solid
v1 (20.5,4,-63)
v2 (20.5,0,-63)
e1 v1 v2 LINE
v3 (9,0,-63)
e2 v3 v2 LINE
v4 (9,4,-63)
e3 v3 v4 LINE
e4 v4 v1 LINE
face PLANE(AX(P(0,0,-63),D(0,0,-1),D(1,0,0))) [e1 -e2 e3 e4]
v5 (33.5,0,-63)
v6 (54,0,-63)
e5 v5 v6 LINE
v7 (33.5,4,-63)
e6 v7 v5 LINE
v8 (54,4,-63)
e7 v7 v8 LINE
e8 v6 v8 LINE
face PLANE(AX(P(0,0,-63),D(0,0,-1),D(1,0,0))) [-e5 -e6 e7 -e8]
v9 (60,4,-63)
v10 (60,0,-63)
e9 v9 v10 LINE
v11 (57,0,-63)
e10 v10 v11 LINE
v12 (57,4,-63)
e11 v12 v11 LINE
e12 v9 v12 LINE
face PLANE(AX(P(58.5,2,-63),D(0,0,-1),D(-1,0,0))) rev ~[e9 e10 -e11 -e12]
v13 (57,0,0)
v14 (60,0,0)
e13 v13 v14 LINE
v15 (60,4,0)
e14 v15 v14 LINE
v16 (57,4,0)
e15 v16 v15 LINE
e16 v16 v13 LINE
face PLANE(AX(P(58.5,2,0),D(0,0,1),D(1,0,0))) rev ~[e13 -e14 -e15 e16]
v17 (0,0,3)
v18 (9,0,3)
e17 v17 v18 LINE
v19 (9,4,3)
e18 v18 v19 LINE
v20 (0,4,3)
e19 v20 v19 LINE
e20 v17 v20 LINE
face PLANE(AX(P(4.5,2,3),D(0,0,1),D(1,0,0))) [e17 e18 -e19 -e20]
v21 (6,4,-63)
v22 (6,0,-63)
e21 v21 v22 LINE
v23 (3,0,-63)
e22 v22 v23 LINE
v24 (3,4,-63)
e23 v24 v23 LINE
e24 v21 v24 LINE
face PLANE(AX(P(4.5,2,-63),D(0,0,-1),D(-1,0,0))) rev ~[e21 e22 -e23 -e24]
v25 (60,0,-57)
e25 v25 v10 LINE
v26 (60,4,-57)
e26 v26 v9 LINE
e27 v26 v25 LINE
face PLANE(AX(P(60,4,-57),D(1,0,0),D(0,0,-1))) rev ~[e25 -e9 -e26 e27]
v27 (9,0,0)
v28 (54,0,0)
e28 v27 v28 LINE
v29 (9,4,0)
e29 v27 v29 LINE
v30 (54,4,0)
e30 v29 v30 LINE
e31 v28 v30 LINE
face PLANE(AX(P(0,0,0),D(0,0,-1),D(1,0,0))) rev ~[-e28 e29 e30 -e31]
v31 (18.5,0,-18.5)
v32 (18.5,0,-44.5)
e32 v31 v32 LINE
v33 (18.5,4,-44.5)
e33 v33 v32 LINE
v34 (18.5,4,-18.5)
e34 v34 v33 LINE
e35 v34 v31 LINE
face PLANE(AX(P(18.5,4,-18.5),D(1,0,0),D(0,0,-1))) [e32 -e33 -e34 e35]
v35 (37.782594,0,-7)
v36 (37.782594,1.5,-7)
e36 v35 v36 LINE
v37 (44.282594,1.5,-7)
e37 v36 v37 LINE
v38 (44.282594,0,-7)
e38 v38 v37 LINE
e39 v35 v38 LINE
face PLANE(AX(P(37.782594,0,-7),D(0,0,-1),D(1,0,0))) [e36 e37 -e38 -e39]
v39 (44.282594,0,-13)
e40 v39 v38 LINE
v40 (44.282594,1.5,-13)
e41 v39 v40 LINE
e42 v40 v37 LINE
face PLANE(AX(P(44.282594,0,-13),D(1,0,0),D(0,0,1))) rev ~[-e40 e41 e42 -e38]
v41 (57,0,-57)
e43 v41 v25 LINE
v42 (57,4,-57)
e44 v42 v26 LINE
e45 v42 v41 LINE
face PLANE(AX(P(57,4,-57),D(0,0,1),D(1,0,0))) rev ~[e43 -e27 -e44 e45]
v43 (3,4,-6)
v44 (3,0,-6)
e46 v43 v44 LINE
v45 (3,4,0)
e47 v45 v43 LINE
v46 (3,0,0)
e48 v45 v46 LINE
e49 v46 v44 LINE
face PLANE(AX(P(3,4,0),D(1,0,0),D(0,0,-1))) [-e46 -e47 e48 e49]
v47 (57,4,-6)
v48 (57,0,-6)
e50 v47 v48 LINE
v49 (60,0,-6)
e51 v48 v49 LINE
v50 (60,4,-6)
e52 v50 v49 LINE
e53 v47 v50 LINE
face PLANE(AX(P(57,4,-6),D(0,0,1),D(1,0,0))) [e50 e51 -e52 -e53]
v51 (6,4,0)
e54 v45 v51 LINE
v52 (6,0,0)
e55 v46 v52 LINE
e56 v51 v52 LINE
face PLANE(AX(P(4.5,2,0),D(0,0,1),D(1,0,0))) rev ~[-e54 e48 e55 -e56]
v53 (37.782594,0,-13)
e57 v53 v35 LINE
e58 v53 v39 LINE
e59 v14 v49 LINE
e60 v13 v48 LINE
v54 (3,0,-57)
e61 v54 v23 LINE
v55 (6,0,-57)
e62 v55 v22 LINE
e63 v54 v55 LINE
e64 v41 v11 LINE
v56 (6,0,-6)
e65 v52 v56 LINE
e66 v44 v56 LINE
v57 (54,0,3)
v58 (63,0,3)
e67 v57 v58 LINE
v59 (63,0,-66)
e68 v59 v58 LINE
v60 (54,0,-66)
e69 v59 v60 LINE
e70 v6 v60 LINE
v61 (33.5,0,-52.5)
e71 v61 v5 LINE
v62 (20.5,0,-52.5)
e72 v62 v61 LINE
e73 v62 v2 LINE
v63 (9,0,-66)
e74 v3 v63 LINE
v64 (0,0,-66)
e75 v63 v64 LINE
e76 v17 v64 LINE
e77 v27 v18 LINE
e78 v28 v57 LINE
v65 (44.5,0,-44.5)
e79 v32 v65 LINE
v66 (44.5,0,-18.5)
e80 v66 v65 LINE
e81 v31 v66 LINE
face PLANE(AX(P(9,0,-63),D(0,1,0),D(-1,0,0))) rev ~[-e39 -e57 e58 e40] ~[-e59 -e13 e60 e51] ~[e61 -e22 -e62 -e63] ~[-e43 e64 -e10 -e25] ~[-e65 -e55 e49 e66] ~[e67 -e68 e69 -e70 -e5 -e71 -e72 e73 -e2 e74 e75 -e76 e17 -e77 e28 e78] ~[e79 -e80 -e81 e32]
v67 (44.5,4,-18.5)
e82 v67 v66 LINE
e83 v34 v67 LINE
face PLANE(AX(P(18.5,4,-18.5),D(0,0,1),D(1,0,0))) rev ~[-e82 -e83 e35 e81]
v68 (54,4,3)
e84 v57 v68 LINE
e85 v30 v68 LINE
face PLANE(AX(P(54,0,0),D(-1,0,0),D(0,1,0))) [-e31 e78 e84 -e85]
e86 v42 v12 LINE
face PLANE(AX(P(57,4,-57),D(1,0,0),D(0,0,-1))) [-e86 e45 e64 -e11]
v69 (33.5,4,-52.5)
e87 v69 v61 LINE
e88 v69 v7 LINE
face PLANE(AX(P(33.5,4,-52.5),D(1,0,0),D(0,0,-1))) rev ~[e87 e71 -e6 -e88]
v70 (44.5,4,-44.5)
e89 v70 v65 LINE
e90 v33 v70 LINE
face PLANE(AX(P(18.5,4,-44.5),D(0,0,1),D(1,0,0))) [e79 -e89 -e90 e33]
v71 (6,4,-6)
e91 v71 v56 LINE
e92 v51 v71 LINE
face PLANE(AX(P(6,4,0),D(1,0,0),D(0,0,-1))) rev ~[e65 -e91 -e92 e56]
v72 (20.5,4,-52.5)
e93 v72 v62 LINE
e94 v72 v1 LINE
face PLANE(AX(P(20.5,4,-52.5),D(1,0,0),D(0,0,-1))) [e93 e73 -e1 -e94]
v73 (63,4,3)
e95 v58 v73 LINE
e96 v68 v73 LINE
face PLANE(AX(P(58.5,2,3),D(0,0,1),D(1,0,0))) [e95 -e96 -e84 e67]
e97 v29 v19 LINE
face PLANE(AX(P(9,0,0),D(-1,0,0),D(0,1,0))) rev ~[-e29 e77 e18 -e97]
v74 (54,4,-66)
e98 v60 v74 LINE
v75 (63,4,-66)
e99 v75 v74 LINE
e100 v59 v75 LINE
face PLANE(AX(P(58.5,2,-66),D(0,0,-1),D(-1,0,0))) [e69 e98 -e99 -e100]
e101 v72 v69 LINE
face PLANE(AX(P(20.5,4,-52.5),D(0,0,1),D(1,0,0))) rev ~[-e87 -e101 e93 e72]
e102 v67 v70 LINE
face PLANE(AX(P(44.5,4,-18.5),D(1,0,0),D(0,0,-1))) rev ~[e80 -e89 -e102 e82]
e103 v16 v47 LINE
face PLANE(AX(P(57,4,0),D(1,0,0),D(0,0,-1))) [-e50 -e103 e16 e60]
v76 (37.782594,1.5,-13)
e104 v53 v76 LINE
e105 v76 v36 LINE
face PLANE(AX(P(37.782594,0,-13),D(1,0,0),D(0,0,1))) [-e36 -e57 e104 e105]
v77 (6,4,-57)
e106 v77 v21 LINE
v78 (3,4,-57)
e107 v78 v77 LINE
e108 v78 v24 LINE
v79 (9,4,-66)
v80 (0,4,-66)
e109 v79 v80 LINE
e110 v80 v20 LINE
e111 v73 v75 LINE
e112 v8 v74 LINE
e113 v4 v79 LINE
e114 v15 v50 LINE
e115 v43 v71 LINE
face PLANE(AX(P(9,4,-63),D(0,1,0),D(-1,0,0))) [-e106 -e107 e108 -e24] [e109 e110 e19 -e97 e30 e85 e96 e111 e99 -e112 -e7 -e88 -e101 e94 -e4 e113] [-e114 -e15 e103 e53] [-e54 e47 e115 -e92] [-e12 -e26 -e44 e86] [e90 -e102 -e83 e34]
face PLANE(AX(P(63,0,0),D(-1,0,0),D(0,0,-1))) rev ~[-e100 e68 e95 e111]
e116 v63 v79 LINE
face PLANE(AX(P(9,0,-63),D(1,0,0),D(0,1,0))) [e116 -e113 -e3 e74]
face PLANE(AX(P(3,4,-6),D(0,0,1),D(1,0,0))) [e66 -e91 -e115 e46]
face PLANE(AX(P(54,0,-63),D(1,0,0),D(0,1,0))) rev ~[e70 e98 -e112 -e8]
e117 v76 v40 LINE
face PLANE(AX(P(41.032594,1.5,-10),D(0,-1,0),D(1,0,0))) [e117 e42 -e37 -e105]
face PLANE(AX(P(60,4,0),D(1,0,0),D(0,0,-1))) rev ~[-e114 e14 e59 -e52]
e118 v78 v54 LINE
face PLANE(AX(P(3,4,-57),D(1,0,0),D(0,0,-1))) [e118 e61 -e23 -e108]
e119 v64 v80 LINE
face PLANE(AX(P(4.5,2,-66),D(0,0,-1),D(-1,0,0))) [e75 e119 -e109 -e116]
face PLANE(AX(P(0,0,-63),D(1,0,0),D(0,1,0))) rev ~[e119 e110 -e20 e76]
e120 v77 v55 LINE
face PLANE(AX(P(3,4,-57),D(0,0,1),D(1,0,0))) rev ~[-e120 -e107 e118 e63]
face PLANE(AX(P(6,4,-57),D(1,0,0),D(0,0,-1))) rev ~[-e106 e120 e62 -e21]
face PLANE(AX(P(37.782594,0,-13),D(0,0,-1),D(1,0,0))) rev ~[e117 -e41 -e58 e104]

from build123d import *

# Parameters (mm, degrees)
SKETCH1_W           = 63
SKETCH1_H           = 63
BOSS_EXTRUDE1_DEPTH = 4
SKETCH2_W           = 3
SKETCH2_H           = 6
CUT_EXTRUDE1_DEPTH  = 4
SKETCH3_W           = 9
SKETCH3_H           = 4
BOSS_EXTRUDE2_DEPTH = 3
SKETCH4_W           = 9
SKETCH4_H           = 4
BOSS_EXTRUDE3_DEPTH = 3
SKETCH5_W           = 26
SKETCH5_H           = 26
CUT_EXTRUDE2_DEPTH  = 4
SKETCH6_W           = 13
SKETCH6_H           = 10.5
CUT_EXTRUDE3_DEPTH  = 4
SKETCH8_W           = 6.5
SKETCH8_H           = 6
CUT_EXTRUDE4_DEPTH  = 1.5


with BuildPart() as part:
    # Sketch1 → Boss-Extrude1 (new body)
    with BuildSketch(Plane(origin=(0, 0, 0), x_dir=(1, 0, 0), z_dir=(0, 1, 0))):
        with Locations((31.5, 31.5)):
            Rectangle(SKETCH1_W, SKETCH1_H)
    extrude(amount=BOSS_EXTRUDE1_DEPTH)

    # Sketch2 → Cut-Extrude1 (cut)
    with BuildSketch(Plane(origin=(0, 4, 0), x_dir=(1, 0, 0), z_dir=(0, 1, 0))):
        with Locations((4.5, 3)):
            Rectangle(SKETCH2_W, SKETCH2_H)
        with Locations((58.5, 3)):
            Rectangle(SKETCH2_W, SKETCH2_H)
        with Locations((58.5, 60)):
            Rectangle(SKETCH2_W, SKETCH2_H)
        with Locations((4.5, 60)):
            Rectangle(SKETCH2_W, SKETCH2_H)
    extrude(amount=-CUT_EXTRUDE1_DEPTH, mode=Mode.SUBTRACT)

    # Sketch3 → Boss-Extrude2 (add)
    with BuildSketch(Plane.XY):
        with Locations((4.5, 2)):
            Rectangle(SKETCH3_W, SKETCH3_H)
        with Locations((58.5, 2)):
            Rectangle(SKETCH3_W, SKETCH3_H)
    extrude(amount=BOSS_EXTRUDE2_DEPTH)

    # Sketch4 → Boss-Extrude3 (add)
    with BuildSketch(Plane(origin=(0, 0, -63), x_dir=(-1, 0, 0), z_dir=(0, 0, -1))):
        with Locations((-4.5, 2)):
            Rectangle(SKETCH4_W, SKETCH4_H)
        with Locations((-58.5, 2)):
            Rectangle(SKETCH4_W, SKETCH4_H)
    extrude(amount=BOSS_EXTRUDE3_DEPTH)

    # Sketch5 → Cut-Extrude2 (cut)
    with BuildSketch(Plane(origin=(0, 4, 0), x_dir=(1, 0, 0), z_dir=(0, 1, 0))):
        with Locations((31.5, 31.5)):
            Rectangle(SKETCH5_W, SKETCH5_H)
    extrude(amount=-CUT_EXTRUDE2_DEPTH, mode=Mode.SUBTRACT)

    # Sketch6 → Cut-Extrude3 (cut)
    with BuildSketch(Plane(origin=(0, 4, 0), x_dir=(1, 0, 0), z_dir=(0, 1, 0))):
        with Locations((27, 57.75)):
            Rectangle(SKETCH6_W, SKETCH6_H)
    extrude(amount=-CUT_EXTRUDE3_DEPTH, mode=Mode.SUBTRACT)

    # Sketch8 → Cut-Extrude4 (cut)
    with BuildSketch(Plane.XZ):
        with Locations((41.032593784, -10)):
            Rectangle(SKETCH8_W, SKETCH8_H)
    extrude(amount=-CUT_EXTRUDE4_DEPTH, mode=Mode.SUBTRACT)


solid = part.part
